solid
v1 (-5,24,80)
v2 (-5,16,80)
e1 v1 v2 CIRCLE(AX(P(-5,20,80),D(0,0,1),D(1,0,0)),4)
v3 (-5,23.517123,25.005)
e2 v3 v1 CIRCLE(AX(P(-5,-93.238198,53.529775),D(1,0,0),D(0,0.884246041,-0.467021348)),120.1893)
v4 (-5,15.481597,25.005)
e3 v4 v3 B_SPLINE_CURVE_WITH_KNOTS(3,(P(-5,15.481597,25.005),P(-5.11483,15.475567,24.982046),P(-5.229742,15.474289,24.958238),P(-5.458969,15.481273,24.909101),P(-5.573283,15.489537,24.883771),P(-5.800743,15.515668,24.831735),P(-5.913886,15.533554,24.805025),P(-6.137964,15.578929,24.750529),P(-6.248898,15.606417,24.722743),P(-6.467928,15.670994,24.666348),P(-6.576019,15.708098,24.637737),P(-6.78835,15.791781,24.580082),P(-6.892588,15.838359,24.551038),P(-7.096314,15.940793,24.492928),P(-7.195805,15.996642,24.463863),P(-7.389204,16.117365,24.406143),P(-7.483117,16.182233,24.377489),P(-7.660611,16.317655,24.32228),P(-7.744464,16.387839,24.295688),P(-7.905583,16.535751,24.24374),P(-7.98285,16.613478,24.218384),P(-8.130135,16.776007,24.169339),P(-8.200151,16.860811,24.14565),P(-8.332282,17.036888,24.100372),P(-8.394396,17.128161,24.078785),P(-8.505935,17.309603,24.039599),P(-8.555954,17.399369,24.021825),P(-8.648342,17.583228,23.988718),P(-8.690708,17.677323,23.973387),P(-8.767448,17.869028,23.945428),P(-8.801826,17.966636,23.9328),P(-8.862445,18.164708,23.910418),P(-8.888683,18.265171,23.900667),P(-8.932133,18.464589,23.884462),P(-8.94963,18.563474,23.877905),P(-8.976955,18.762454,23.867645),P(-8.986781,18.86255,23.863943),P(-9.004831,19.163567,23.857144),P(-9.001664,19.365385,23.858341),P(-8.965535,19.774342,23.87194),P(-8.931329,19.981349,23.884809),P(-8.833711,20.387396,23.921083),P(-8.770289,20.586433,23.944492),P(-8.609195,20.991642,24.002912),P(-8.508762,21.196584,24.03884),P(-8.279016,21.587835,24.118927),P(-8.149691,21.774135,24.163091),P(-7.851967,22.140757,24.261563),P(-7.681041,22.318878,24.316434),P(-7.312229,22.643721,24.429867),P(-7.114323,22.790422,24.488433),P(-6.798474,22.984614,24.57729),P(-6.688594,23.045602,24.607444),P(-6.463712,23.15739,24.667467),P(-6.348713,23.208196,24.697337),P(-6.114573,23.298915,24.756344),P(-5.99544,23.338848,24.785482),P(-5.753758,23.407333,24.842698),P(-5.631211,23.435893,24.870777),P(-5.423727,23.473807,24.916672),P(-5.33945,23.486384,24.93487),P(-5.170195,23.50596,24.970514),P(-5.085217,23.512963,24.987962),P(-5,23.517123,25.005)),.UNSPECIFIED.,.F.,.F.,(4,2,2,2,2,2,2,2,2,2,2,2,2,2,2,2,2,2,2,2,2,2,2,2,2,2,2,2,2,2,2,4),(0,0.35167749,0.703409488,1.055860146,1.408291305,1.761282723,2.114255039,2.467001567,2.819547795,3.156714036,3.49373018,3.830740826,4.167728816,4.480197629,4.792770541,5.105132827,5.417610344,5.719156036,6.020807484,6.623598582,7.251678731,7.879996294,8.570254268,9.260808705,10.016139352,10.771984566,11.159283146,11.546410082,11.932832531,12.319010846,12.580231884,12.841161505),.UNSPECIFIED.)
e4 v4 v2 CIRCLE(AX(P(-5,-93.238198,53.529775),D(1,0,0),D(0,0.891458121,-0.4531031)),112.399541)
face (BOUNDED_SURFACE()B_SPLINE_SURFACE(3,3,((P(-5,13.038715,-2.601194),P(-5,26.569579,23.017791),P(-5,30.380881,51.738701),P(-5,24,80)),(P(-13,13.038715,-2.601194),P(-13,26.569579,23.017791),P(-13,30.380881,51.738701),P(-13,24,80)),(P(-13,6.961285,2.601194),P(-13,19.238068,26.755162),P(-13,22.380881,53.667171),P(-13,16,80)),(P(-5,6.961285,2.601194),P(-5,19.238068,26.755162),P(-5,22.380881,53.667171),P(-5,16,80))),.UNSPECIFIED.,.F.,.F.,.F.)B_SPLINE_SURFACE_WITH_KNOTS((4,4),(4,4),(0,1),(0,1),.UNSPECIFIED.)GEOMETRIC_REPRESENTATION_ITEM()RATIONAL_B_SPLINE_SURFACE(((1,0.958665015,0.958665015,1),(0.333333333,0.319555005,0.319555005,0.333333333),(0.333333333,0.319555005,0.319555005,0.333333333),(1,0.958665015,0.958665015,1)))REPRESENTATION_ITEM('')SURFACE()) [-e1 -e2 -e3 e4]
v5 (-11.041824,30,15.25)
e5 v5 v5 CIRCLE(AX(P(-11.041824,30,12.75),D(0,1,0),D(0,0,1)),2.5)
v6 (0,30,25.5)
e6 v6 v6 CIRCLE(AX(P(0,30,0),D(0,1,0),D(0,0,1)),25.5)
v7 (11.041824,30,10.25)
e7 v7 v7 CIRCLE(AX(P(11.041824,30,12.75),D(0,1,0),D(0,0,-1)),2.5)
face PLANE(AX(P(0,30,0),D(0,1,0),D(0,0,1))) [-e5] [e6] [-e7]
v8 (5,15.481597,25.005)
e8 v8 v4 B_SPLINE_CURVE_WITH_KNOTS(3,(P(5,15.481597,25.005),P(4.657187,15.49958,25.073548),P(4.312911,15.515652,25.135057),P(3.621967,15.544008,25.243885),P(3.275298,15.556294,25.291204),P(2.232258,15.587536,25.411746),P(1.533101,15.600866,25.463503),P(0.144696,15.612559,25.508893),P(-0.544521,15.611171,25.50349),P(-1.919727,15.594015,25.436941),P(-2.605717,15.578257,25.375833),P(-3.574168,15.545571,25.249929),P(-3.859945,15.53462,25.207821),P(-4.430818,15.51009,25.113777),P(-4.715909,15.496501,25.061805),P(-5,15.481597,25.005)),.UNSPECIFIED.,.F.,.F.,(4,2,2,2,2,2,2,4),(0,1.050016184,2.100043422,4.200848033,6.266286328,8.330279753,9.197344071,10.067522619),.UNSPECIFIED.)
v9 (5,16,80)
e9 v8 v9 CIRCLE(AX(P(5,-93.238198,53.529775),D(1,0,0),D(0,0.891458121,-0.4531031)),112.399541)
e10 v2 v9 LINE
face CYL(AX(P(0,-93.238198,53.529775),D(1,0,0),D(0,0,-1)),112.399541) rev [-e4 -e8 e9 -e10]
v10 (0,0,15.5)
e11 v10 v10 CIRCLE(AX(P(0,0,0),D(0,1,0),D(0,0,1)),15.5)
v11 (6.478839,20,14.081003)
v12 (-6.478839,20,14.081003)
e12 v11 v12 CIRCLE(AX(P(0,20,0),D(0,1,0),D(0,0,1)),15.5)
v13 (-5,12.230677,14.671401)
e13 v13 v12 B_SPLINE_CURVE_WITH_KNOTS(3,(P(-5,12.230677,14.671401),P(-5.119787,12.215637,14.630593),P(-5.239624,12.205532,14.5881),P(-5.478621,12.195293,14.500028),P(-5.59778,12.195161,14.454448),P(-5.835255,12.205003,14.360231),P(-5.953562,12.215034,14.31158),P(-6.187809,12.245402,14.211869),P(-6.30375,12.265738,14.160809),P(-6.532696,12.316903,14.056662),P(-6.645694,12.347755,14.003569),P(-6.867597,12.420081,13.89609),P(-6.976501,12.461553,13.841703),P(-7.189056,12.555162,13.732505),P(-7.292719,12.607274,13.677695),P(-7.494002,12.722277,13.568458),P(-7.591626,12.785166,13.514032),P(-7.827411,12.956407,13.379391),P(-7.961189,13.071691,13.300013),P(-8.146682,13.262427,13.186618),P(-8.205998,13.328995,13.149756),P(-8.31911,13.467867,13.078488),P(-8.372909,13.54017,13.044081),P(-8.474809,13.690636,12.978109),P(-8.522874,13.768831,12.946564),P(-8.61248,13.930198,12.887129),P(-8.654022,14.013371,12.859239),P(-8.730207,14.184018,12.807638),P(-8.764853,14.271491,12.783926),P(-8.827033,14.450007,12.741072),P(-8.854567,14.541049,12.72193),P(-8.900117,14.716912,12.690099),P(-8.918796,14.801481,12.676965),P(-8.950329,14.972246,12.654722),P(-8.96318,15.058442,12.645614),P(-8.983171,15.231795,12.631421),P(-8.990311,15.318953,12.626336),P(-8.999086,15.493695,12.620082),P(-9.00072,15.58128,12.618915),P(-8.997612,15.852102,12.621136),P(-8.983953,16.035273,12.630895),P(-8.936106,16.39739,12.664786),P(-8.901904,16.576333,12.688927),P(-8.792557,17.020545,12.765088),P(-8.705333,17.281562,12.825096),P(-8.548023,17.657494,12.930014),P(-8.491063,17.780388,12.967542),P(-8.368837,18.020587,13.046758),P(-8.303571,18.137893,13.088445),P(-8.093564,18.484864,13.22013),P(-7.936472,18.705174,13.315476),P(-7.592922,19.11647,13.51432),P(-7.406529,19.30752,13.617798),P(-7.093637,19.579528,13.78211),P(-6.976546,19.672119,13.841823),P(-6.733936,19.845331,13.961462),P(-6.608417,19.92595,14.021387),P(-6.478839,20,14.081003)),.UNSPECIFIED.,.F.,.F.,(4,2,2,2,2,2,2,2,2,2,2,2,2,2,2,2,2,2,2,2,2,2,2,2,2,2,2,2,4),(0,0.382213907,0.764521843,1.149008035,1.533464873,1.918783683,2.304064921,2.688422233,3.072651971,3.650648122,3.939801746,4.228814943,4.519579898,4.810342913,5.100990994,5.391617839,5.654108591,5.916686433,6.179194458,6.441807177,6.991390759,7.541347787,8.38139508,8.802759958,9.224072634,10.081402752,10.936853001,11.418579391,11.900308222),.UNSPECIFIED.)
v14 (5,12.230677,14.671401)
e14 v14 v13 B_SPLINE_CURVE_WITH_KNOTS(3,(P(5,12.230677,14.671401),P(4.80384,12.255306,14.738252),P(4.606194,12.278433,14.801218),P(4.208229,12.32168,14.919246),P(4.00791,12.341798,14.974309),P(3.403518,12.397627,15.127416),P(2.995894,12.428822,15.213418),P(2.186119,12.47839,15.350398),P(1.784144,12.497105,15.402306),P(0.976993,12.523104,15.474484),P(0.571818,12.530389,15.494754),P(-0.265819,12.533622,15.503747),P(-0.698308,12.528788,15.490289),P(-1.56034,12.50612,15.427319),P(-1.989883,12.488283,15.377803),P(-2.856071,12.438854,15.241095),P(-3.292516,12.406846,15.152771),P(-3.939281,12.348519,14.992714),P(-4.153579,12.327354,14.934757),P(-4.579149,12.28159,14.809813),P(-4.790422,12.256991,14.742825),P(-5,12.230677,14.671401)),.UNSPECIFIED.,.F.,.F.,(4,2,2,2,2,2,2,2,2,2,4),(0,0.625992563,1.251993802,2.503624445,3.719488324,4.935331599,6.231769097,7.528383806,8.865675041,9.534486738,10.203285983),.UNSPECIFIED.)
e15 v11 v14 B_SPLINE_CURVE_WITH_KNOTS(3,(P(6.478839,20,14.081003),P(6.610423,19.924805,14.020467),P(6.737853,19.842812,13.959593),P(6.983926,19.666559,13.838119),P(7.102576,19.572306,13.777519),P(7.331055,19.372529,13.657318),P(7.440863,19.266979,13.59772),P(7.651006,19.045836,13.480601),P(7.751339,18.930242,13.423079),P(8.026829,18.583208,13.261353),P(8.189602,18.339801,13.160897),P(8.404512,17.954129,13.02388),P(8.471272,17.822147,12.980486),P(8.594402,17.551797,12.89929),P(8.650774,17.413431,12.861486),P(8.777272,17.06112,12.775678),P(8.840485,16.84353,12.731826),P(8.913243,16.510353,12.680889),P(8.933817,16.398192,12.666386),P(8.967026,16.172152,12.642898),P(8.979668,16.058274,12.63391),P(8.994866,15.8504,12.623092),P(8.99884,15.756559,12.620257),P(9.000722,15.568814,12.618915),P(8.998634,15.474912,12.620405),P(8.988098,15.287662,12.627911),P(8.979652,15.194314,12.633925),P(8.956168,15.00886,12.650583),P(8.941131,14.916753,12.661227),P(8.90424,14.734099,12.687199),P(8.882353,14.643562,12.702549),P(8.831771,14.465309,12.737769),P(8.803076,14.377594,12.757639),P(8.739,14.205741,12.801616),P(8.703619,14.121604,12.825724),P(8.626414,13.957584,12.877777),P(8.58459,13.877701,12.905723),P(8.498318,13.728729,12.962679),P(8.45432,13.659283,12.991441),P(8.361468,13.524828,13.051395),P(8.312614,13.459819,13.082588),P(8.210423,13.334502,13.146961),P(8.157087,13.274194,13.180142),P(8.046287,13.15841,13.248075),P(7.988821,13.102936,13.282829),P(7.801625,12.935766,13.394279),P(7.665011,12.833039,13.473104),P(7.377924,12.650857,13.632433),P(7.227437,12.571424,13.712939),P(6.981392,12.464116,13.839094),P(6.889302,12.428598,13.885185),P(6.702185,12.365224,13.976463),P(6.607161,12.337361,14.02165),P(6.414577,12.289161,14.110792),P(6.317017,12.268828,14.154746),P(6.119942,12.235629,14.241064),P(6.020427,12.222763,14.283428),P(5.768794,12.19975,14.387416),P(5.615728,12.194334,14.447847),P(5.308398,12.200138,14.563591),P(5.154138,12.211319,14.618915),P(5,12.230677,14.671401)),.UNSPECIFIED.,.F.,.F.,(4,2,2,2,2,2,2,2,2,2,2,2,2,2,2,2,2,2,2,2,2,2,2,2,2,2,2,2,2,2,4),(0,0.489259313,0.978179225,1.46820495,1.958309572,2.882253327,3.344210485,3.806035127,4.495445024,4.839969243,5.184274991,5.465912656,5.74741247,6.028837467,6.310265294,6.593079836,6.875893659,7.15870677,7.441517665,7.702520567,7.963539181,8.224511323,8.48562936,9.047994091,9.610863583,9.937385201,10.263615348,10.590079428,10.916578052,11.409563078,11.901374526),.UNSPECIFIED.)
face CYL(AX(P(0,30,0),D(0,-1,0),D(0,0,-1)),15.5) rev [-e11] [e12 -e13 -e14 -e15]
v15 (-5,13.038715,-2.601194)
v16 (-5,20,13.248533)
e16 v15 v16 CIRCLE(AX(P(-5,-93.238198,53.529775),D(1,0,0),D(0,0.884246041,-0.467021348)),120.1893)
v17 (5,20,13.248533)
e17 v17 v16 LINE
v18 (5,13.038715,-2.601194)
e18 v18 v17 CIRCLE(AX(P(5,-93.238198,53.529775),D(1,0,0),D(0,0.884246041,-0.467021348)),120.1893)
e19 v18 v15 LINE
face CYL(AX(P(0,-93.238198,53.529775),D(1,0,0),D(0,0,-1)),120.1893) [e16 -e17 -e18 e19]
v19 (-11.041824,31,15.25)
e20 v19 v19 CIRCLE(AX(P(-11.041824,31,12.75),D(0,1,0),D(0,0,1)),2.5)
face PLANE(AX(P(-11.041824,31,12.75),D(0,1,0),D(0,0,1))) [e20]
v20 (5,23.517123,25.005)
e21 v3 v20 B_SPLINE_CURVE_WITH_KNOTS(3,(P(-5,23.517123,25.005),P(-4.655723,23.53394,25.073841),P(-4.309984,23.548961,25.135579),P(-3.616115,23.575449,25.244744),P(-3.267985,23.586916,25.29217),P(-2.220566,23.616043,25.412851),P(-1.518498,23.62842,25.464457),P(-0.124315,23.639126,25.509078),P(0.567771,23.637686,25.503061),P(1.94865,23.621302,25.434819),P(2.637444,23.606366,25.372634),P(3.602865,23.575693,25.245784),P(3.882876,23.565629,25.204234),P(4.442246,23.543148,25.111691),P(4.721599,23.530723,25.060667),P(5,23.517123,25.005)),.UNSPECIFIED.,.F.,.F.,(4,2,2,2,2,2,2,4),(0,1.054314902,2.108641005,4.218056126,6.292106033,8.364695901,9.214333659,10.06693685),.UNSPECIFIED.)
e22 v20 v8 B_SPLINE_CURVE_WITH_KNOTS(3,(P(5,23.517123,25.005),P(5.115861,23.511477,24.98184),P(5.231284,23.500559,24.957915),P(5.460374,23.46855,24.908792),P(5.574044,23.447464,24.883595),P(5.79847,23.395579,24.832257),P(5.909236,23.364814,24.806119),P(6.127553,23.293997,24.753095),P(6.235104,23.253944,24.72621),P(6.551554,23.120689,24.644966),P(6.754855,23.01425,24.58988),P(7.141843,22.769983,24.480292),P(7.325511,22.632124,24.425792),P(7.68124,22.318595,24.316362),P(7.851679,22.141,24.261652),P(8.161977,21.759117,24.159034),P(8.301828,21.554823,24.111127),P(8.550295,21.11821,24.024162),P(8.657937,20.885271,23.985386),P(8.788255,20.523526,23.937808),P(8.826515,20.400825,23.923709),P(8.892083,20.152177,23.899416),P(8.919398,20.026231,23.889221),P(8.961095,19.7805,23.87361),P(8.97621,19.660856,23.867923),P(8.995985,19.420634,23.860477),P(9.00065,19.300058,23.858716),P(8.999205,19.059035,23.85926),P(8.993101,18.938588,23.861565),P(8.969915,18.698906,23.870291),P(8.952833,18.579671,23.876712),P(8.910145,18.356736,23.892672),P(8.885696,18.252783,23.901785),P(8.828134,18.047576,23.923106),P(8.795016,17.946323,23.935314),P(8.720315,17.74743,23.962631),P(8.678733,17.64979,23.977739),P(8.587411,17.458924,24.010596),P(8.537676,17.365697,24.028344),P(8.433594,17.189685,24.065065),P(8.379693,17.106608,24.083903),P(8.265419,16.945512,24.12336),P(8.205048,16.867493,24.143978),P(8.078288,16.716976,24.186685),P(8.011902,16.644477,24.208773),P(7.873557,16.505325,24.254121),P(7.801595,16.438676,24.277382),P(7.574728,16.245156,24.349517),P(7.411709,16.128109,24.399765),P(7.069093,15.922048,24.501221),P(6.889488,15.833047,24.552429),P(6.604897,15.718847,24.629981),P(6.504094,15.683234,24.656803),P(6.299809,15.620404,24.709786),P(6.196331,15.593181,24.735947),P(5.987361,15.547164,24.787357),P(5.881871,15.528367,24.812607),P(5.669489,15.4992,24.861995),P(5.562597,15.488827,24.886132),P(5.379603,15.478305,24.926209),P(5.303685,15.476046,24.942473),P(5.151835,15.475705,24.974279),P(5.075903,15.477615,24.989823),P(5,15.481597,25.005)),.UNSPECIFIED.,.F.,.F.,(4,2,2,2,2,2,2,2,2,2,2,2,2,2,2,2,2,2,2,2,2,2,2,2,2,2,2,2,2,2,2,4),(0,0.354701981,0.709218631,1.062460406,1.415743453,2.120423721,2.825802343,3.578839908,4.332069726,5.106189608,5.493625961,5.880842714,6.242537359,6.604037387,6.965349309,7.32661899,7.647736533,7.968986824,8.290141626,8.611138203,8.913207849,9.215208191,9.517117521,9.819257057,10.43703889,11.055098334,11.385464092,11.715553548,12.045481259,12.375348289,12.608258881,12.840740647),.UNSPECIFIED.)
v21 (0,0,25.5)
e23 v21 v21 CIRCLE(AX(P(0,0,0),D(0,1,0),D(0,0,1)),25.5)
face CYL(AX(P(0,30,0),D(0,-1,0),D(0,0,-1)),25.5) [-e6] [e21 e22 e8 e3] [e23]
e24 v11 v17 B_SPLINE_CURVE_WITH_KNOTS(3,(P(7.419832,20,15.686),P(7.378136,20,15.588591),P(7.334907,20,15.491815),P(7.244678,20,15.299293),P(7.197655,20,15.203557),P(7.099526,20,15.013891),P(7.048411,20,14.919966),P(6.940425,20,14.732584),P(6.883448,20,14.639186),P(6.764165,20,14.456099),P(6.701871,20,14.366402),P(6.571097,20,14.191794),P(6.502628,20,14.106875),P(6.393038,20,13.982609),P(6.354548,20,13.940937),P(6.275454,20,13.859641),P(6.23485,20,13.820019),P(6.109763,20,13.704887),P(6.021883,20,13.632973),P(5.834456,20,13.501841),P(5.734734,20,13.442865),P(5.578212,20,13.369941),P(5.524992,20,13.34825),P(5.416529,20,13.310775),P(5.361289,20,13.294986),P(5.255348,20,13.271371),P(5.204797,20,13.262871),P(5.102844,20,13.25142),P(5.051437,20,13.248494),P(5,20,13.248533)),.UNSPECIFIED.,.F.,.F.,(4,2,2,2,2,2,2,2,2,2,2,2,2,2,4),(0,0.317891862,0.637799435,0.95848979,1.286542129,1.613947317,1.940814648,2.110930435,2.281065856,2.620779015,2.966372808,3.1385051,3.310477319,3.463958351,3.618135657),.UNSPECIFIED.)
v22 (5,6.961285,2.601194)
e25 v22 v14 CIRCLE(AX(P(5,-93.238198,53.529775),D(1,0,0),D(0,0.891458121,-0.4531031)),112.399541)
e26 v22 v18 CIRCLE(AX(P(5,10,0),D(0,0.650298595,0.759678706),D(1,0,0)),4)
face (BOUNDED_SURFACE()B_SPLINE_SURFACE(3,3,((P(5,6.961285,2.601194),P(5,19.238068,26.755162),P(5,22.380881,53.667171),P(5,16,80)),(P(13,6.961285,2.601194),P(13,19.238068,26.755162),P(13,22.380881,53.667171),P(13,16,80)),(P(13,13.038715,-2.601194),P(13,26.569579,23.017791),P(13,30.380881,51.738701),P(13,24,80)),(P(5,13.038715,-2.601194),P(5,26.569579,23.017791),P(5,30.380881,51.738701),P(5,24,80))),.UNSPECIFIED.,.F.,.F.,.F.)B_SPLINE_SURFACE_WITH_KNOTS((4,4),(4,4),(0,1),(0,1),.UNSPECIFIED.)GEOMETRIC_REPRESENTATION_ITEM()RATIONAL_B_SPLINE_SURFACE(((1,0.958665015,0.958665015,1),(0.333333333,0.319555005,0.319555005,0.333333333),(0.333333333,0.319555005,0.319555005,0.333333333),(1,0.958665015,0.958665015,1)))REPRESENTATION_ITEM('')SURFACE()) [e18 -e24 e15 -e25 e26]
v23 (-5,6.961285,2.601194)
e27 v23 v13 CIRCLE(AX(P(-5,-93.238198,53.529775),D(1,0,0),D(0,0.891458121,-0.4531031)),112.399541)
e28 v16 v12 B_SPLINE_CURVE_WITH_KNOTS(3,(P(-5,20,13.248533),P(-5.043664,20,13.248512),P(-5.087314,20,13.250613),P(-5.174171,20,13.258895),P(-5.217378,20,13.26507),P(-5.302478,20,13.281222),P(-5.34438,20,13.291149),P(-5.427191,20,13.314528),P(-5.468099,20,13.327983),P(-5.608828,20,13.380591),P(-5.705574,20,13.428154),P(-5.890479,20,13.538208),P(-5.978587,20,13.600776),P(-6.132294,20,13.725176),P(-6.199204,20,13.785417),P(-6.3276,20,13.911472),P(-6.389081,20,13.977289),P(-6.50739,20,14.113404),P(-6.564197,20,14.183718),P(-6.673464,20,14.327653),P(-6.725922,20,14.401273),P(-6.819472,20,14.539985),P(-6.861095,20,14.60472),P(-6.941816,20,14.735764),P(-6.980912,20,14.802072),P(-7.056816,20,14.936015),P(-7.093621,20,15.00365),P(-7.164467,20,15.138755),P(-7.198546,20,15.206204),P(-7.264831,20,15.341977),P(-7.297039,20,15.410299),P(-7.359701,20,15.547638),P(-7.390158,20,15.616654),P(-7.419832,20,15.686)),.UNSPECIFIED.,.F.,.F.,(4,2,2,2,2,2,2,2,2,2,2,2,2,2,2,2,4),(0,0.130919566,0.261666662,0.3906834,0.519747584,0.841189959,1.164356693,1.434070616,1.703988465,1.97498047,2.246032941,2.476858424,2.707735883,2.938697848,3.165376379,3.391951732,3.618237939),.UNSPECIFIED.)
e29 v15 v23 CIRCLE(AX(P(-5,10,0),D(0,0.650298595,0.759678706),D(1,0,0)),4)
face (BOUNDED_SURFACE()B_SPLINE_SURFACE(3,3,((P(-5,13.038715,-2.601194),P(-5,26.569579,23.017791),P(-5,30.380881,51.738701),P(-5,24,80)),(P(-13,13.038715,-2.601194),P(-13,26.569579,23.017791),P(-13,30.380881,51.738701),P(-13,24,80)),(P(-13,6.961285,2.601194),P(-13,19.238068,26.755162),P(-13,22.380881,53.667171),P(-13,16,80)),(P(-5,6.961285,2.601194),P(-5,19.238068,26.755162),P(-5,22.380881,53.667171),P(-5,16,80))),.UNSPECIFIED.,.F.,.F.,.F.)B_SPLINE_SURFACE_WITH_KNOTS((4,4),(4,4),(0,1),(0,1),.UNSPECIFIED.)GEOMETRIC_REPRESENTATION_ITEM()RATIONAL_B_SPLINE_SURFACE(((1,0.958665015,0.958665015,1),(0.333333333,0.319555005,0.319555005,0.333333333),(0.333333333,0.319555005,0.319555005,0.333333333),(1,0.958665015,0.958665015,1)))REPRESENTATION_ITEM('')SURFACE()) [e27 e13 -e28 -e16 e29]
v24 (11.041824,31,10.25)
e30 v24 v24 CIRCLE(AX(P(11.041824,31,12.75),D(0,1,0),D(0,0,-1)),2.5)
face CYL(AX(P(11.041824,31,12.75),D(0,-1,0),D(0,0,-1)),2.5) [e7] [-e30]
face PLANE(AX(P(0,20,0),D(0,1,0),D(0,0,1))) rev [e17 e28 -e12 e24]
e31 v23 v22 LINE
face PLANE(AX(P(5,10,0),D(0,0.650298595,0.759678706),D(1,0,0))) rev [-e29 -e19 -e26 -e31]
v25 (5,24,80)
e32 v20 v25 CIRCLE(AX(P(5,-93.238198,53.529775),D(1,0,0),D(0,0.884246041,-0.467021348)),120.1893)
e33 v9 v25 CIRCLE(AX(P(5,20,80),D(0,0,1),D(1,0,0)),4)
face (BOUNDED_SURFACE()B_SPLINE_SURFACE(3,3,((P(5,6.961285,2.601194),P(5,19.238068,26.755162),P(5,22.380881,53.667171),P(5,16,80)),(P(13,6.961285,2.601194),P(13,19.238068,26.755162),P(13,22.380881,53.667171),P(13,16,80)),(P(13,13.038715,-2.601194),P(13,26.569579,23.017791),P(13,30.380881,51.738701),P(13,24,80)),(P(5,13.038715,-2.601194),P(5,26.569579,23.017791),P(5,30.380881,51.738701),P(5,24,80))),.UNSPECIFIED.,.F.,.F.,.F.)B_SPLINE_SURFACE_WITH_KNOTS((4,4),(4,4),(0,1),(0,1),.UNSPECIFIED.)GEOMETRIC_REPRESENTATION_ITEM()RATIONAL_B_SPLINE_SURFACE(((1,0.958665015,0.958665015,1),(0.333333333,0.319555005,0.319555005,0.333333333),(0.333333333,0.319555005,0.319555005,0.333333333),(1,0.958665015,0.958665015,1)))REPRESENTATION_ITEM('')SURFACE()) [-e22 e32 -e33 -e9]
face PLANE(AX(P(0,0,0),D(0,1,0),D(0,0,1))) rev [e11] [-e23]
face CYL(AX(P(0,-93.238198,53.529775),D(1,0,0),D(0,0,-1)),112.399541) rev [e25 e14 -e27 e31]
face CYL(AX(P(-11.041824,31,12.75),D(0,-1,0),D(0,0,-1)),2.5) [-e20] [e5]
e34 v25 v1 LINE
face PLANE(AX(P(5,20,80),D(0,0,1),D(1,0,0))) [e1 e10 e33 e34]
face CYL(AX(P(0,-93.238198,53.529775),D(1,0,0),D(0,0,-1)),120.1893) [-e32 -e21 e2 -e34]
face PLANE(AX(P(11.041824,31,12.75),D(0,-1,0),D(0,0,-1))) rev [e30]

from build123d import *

# Parameters (mm, degrees)
SKETCH1_R           = 25.5
BOSS_EXTRUDE1_DEPTH = 30
SHELL1_T            = -10
SKETCH6_R           = 2.5
BOSS_EXTRUDE2_DEPTH = 1


with BuildPart() as part:
    # Sketch1 → Boss-Extrude1 (new body)
    with BuildSketch(Plane(origin=(0, 0, 0), x_dir=(1, 0, 0), z_dir=(0, 1, 0))):
        with Locations(Location((0, 0, 0), (0, 0, 270))):
            Circle(SKETCH1_R)
    extrude(amount=BOSS_EXTRUDE1_DEPTH)

    # Shell1
    shell1_openings = [part.faces().sort_by_distance(p)[0] for p in [
        (0, 0, 0),
    ]]
    offset(amount=SHELL1_T, openings=shell1_openings, kind=Kind.INTERSECTION)

    # Sweep1: sweep along a path in Sketch5
    with BuildLine(Plane(origin=(0, 0, 0), x_dir=(0, 0, -1), z_dir=(1, 0, 0))) as sweep1_path:
        ThreePointArc((0, 10), (-39.105669761, 22.154641912), (-80, 20))
    # Sketch4 → Sweep1 (sweep)
    with BuildSketch(Plane.XY.offset(80)):
        with BuildLine():
            Line((5, 16), (-5, 16))
            ThreePointArc((-5, 16), (-9, 20), (-5, 24))
            Line((-5, 24), (5, 24))
            ThreePointArc((5, 24), (9, 20), (5, 16))
        make_face()
    sweep(path=sweep1_path.line)

    # Sketch6 → Boss-Extrude2 (add)
    with BuildSketch(Plane(origin=(0, 30, 0), x_dir=(1, 0, 0), z_dir=(0, 1, 0))):
        with Locations(Location((-11.041823898, -12.75, 0), (0, 0, 270))):
            Circle(SKETCH6_R)
        with Locations(Location((11.041823898, -12.75, 0), (0, 0, 90))):
            Circle(SKETCH6_R)
    extrude(amount=BOSS_EXTRUDE2_DEPTH)


solid = part.part
